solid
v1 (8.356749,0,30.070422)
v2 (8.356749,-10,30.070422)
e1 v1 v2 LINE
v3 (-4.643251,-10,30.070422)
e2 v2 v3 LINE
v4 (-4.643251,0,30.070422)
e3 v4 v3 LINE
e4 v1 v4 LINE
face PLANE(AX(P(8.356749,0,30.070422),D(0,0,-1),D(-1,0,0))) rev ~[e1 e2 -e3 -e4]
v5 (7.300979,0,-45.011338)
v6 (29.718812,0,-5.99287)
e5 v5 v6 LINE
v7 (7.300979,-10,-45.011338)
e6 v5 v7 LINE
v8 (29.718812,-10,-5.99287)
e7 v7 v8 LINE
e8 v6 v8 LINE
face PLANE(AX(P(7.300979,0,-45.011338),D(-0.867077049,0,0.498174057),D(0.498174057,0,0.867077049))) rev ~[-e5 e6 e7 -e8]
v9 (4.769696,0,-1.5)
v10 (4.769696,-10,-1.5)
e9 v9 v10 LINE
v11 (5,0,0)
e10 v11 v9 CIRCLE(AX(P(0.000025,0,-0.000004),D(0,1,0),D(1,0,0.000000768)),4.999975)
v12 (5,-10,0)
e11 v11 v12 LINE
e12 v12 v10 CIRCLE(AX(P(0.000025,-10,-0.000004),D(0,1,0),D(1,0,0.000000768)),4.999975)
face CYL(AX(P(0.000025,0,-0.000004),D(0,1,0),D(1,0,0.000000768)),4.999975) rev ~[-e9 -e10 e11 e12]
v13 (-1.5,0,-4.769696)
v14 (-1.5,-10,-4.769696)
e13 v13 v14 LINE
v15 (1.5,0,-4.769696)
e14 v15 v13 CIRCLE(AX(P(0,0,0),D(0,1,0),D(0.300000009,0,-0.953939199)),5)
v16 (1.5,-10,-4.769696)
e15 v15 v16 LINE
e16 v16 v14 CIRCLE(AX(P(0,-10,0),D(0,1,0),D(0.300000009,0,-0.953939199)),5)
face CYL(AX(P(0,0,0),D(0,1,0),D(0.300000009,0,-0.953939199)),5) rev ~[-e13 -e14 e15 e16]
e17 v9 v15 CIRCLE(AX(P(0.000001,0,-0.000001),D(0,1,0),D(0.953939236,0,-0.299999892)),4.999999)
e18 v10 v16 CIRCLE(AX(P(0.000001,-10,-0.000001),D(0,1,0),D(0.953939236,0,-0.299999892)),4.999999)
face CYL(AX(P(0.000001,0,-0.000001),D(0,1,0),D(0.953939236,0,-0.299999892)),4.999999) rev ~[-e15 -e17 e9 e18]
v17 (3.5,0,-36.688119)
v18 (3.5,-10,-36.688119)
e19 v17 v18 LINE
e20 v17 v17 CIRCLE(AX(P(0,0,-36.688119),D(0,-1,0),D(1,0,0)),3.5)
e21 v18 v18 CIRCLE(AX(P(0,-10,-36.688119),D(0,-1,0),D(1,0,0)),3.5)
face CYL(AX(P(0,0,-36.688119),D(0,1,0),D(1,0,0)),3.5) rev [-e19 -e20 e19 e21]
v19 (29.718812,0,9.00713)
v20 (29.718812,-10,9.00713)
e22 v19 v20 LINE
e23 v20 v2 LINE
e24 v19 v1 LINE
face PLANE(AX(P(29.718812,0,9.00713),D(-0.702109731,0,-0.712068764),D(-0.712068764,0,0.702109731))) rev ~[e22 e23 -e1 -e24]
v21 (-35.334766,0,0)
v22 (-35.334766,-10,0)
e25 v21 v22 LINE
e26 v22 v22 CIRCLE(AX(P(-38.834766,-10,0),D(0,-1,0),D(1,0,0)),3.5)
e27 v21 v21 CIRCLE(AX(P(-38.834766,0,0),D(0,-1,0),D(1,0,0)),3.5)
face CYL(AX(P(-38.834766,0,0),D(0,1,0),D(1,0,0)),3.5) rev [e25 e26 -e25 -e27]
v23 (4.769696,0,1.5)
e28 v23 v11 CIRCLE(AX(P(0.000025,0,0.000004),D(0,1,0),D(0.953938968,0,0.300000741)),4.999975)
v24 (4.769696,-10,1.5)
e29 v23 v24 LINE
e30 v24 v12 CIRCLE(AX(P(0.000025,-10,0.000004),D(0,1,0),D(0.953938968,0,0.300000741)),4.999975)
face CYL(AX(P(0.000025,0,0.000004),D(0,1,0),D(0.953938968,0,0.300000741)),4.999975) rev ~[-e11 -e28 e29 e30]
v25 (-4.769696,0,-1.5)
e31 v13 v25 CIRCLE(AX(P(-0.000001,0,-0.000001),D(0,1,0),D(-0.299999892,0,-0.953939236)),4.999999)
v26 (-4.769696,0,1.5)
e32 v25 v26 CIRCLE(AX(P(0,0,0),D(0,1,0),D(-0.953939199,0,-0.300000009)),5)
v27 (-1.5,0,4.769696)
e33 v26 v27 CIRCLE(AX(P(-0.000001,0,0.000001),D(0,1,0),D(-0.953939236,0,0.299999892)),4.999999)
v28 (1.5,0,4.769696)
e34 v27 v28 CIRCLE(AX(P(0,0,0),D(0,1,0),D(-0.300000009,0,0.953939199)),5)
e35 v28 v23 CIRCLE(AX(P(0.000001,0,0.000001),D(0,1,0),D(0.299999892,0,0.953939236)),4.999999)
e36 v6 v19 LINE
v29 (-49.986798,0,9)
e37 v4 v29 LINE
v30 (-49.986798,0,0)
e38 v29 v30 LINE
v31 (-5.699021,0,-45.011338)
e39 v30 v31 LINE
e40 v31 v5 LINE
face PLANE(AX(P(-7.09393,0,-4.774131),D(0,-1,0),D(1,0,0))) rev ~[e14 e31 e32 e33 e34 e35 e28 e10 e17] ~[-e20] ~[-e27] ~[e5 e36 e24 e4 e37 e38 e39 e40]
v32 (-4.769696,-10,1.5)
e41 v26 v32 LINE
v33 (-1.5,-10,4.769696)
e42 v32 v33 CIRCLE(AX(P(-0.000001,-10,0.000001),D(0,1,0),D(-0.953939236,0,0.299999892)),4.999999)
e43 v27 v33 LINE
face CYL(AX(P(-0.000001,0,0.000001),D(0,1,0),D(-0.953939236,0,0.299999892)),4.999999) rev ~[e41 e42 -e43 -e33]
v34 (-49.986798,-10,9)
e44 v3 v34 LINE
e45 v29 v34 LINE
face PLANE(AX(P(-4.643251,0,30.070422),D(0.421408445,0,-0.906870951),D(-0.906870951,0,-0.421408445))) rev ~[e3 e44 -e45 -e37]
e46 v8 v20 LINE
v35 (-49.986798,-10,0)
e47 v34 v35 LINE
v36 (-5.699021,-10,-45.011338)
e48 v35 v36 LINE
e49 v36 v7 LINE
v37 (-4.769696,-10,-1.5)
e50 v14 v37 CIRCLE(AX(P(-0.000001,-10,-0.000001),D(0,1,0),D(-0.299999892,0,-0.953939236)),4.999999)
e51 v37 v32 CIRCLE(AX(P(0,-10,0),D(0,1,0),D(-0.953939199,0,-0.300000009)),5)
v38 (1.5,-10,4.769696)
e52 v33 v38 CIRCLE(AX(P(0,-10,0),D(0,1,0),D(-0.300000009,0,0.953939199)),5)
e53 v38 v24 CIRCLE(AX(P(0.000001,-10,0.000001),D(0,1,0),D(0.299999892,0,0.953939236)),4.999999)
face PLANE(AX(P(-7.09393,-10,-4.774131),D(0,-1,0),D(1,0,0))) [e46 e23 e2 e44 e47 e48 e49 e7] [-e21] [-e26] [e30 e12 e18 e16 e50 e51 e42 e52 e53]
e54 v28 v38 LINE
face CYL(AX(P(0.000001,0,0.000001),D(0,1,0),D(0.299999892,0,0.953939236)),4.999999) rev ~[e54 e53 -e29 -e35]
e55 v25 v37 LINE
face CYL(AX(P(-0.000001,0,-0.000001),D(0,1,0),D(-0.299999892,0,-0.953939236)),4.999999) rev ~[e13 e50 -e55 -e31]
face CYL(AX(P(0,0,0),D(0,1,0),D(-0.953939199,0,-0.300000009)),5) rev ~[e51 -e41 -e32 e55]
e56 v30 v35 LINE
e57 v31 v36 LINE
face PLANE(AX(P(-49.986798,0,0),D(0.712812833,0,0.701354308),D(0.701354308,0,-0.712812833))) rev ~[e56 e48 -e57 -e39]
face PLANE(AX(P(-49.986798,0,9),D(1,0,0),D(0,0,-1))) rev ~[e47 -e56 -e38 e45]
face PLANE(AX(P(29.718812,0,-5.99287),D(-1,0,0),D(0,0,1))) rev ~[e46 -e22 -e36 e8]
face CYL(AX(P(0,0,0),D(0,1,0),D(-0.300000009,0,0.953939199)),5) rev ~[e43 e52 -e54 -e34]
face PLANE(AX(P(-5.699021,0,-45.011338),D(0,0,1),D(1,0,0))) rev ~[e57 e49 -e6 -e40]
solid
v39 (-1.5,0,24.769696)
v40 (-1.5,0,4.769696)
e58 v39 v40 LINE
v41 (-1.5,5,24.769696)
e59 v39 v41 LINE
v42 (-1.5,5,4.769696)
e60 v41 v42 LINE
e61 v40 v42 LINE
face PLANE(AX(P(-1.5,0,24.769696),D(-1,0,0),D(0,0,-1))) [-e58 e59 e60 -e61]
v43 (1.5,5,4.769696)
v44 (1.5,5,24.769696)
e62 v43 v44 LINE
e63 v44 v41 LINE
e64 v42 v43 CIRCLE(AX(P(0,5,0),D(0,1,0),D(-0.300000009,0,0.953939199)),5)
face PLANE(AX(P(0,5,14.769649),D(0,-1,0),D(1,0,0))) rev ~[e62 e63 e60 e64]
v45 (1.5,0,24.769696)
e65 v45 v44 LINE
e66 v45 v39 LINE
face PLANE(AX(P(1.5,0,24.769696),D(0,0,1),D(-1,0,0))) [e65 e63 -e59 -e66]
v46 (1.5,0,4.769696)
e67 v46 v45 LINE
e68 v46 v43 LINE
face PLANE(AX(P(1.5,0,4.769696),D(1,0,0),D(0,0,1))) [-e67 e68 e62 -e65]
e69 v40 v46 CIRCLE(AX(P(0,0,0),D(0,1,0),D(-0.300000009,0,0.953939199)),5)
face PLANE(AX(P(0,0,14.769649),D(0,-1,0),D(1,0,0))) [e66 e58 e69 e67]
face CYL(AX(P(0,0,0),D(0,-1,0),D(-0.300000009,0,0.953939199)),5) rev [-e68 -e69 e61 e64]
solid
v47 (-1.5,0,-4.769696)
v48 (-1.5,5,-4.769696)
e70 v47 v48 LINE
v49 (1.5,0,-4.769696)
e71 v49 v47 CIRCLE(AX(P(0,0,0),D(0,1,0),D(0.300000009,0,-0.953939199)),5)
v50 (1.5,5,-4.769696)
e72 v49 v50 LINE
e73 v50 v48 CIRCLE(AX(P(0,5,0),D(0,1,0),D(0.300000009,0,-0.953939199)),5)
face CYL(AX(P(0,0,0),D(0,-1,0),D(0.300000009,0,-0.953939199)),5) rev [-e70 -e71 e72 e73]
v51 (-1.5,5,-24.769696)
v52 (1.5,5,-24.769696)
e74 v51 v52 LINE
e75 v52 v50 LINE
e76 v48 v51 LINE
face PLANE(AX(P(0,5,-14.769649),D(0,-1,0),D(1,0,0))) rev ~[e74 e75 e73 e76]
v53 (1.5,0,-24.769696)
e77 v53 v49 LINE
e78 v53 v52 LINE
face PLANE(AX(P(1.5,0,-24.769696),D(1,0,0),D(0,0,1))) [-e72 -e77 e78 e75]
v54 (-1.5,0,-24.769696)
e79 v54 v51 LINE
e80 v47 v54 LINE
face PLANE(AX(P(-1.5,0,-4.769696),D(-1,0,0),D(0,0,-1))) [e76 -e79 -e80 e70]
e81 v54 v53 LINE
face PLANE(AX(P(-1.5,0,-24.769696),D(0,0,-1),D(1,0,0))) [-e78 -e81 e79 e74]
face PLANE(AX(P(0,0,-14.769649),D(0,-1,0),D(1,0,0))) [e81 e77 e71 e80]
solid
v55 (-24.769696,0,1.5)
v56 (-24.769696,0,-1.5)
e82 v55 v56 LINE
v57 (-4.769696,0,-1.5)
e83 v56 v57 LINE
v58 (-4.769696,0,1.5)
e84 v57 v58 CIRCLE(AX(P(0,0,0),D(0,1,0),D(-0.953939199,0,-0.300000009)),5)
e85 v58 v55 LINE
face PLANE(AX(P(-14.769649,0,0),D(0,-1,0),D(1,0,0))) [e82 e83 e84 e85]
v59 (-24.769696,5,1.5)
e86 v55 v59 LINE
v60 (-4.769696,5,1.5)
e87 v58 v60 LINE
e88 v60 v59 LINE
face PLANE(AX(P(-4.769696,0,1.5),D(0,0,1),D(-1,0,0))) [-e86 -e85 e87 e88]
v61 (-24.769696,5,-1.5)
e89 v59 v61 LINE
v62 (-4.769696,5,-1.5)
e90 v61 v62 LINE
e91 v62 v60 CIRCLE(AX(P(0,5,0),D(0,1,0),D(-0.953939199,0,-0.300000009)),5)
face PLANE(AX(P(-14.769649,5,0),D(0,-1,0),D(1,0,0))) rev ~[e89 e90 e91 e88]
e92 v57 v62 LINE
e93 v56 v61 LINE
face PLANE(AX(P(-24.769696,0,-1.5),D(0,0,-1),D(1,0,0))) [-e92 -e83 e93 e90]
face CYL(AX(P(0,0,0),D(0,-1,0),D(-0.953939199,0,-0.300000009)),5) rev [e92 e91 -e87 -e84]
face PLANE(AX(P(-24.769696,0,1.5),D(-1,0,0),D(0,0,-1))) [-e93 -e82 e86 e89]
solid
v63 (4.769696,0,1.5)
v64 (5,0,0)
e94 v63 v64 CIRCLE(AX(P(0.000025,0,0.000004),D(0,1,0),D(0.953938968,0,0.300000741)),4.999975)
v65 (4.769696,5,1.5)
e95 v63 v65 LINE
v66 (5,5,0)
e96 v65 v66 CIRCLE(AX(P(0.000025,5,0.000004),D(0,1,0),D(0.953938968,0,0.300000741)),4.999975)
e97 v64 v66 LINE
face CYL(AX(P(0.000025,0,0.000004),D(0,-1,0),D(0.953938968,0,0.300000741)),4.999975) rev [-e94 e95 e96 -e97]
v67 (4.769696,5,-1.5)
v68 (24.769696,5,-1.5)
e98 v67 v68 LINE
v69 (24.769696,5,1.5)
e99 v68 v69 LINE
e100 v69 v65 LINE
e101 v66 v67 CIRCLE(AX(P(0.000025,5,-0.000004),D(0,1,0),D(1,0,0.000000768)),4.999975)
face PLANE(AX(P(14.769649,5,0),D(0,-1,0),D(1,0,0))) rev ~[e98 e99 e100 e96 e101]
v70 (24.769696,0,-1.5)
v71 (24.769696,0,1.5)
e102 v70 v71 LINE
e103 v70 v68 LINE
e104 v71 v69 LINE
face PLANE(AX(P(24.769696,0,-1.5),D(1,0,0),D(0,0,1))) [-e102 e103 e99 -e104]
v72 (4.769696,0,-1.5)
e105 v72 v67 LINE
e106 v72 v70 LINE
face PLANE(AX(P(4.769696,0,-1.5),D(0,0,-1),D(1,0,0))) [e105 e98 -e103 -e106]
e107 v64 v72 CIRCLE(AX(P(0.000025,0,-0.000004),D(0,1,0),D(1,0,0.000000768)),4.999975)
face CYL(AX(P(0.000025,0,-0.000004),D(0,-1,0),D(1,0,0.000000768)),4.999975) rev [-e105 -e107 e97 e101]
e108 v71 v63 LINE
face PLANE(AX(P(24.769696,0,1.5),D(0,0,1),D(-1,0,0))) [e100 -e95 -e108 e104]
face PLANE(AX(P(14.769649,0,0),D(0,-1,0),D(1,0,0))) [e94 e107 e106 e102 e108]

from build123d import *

# Parameters (mm, degrees)
F1_DEPTH = 5
F0_R     = 3.5
F2_DEPTH = 10


with BuildPart() as f1:
    # F0 (on Front) → F1 (new body)
    with BuildSketch(Plane.XZ):
        with BuildLine():
            ThreePointArc((-4.769696, -1.5), (-5, 0), (-4.769696, 1.5))
            Line((-4.769696, 1.5), (-24.769696, 1.5))
            Line((-24.769696, 1.5), (-24.769696, -1.5))
            Line((-24.769696, -1.5), (-4.769696, -1.5))
        make_face()
        with BuildLine():
            ThreePointArc((-1.5, 4.769696), (0, 5), (1.5, 4.769696))
            Line((1.5, 4.769696), (1.5, 24.769696))
            Line((1.5, 24.769696), (-1.5, 24.769696))
            Line((-1.5, 24.769696), (-1.5, 4.769696))
        make_face()
        with BuildLine():
            ThreePointArc((4.769696, 1.5), (4.942089, 0.758788), (5, 0))
            ThreePointArc((5, 0), (4.942089, -0.758788), (4.769696, -1.5))
            Line((4.769696, -1.5), (24.769696, -1.5))
            Line((24.769696, -1.5), (24.769696, 1.5))
            Line((24.769696, 1.5), (4.769696, 1.5))
        make_face()
        with BuildLine():
            Line((1.5, -24.769696), (1.5, -4.769696))
            ThreePointArc((1.5, -4.769696), (0, -5), (-1.5, -4.769696))
            Line((-1.5, -4.769696), (-1.5, -24.769696))
            Line((-1.5, -24.769696), (1.5, -24.769696))
        make_face()
    extrude(amount=-F1_DEPTH)


with BuildPart() as f2:
    # F0 (on Front) → F2 (new body)
    with BuildSketch(Plane.XZ):
        Polygon((-49.986798, 9), (-49.986798, 0), (-5.699021, -45.011338), (7.300979, -45.011338), (29.718812, -5.99287), (29.718812, 2.802204), (29.718812, 9.00713), (8.356749, 30.070422), (-4.643251, 30.070422), align=None)
        with Locations((0, -36.688119)):
            Circle(F0_R, mode=Mode.SUBTRACT)
        with Locations((-38.834766, 0)):
            Circle(F0_R, mode=Mode.SUBTRACT)
        with BuildLine():
            ThreePointArc((1.5, 4.769696), (3.535534, 3.535534), (4.769696, 1.5))
            Line((4.769696, 1.5), (24.769696, 1.5))
            Line((24.769696, 1.5), (24.769696, -1.5))
            Line((24.769696, -1.5), (4.769696, -1.5))
            ThreePointArc((4.769696, -1.5), (3.535534, -3.535534), (1.5, -4.769696))
            Line((1.5, -4.769696), (1.5, -24.769696))
            Line((1.5, -24.769696), (-1.5, -24.769696))
            Line((-1.5, -24.769696), (-1.5, -4.769696))
            ThreePointArc((-1.5, -4.769696), (-3.535534, -3.535534), (-4.769696, -1.5))
            Line((-4.769696, -1.5), (-24.769696, -1.5))
            Line((-24.769696, -1.5), (-24.769696, 1.5))
            Line((-24.769696, 1.5), (-4.769696, 1.5))
            ThreePointArc((-4.769696, 1.5), (-3.535534, 3.535534), (-1.5, 4.769696))
            Line((-1.5, 4.769696), (-1.5, 24.769696))
            Line((-1.5, 24.769696), (1.5, 24.769696))
            Line((1.5, 24.769696), (1.5, 4.769696))
        make_face(mode=Mode.SUBTRACT)
        with BuildLine():
            ThreePointArc((-4.769696, -1.5), (-5, 0), (-4.769696, 1.5))
            Line((-4.769696, 1.5), (-24.769696, 1.5))
            Line((-24.769696, 1.5), (-24.769696, -1.5))
            Line((-24.769696, -1.5), (-4.769696, -1.5))
        make_face()
        with BuildLine():
            ThreePointArc((-1.5, 4.769696), (0, 5), (1.5, 4.769696))
            Line((1.5, 4.769696), (1.5, 24.769696))
            Line((1.5, 24.769696), (-1.5, 24.769696))
            Line((-1.5, 24.769696), (-1.5, 4.769696))
        make_face()
        with BuildLine():
            ThreePointArc((4.769696, 1.5), (4.942089, 0.758788), (5, 0))
            ThreePointArc((5, 0), (4.942089, -0.758788), (4.769696, -1.5))
            Line((4.769696, -1.5), (24.769696, -1.5))
            Line((24.769696, -1.5), (24.769696, 1.5))
            Line((24.769696, 1.5), (4.769696, 1.5))
        make_face()
        with BuildLine():
            Line((1.5, -24.769696), (1.5, -4.769696))
            ThreePointArc((1.5, -4.769696), (0, -5), (-1.5, -4.769696))
            Line((-1.5, -4.769696), (-1.5, -24.769696))
            Line((-1.5, -24.769696), (1.5, -24.769696))
        make_face()
    extrude(amount=F2_DEPTH)


solid = Compound([f1.part, f2.part])
